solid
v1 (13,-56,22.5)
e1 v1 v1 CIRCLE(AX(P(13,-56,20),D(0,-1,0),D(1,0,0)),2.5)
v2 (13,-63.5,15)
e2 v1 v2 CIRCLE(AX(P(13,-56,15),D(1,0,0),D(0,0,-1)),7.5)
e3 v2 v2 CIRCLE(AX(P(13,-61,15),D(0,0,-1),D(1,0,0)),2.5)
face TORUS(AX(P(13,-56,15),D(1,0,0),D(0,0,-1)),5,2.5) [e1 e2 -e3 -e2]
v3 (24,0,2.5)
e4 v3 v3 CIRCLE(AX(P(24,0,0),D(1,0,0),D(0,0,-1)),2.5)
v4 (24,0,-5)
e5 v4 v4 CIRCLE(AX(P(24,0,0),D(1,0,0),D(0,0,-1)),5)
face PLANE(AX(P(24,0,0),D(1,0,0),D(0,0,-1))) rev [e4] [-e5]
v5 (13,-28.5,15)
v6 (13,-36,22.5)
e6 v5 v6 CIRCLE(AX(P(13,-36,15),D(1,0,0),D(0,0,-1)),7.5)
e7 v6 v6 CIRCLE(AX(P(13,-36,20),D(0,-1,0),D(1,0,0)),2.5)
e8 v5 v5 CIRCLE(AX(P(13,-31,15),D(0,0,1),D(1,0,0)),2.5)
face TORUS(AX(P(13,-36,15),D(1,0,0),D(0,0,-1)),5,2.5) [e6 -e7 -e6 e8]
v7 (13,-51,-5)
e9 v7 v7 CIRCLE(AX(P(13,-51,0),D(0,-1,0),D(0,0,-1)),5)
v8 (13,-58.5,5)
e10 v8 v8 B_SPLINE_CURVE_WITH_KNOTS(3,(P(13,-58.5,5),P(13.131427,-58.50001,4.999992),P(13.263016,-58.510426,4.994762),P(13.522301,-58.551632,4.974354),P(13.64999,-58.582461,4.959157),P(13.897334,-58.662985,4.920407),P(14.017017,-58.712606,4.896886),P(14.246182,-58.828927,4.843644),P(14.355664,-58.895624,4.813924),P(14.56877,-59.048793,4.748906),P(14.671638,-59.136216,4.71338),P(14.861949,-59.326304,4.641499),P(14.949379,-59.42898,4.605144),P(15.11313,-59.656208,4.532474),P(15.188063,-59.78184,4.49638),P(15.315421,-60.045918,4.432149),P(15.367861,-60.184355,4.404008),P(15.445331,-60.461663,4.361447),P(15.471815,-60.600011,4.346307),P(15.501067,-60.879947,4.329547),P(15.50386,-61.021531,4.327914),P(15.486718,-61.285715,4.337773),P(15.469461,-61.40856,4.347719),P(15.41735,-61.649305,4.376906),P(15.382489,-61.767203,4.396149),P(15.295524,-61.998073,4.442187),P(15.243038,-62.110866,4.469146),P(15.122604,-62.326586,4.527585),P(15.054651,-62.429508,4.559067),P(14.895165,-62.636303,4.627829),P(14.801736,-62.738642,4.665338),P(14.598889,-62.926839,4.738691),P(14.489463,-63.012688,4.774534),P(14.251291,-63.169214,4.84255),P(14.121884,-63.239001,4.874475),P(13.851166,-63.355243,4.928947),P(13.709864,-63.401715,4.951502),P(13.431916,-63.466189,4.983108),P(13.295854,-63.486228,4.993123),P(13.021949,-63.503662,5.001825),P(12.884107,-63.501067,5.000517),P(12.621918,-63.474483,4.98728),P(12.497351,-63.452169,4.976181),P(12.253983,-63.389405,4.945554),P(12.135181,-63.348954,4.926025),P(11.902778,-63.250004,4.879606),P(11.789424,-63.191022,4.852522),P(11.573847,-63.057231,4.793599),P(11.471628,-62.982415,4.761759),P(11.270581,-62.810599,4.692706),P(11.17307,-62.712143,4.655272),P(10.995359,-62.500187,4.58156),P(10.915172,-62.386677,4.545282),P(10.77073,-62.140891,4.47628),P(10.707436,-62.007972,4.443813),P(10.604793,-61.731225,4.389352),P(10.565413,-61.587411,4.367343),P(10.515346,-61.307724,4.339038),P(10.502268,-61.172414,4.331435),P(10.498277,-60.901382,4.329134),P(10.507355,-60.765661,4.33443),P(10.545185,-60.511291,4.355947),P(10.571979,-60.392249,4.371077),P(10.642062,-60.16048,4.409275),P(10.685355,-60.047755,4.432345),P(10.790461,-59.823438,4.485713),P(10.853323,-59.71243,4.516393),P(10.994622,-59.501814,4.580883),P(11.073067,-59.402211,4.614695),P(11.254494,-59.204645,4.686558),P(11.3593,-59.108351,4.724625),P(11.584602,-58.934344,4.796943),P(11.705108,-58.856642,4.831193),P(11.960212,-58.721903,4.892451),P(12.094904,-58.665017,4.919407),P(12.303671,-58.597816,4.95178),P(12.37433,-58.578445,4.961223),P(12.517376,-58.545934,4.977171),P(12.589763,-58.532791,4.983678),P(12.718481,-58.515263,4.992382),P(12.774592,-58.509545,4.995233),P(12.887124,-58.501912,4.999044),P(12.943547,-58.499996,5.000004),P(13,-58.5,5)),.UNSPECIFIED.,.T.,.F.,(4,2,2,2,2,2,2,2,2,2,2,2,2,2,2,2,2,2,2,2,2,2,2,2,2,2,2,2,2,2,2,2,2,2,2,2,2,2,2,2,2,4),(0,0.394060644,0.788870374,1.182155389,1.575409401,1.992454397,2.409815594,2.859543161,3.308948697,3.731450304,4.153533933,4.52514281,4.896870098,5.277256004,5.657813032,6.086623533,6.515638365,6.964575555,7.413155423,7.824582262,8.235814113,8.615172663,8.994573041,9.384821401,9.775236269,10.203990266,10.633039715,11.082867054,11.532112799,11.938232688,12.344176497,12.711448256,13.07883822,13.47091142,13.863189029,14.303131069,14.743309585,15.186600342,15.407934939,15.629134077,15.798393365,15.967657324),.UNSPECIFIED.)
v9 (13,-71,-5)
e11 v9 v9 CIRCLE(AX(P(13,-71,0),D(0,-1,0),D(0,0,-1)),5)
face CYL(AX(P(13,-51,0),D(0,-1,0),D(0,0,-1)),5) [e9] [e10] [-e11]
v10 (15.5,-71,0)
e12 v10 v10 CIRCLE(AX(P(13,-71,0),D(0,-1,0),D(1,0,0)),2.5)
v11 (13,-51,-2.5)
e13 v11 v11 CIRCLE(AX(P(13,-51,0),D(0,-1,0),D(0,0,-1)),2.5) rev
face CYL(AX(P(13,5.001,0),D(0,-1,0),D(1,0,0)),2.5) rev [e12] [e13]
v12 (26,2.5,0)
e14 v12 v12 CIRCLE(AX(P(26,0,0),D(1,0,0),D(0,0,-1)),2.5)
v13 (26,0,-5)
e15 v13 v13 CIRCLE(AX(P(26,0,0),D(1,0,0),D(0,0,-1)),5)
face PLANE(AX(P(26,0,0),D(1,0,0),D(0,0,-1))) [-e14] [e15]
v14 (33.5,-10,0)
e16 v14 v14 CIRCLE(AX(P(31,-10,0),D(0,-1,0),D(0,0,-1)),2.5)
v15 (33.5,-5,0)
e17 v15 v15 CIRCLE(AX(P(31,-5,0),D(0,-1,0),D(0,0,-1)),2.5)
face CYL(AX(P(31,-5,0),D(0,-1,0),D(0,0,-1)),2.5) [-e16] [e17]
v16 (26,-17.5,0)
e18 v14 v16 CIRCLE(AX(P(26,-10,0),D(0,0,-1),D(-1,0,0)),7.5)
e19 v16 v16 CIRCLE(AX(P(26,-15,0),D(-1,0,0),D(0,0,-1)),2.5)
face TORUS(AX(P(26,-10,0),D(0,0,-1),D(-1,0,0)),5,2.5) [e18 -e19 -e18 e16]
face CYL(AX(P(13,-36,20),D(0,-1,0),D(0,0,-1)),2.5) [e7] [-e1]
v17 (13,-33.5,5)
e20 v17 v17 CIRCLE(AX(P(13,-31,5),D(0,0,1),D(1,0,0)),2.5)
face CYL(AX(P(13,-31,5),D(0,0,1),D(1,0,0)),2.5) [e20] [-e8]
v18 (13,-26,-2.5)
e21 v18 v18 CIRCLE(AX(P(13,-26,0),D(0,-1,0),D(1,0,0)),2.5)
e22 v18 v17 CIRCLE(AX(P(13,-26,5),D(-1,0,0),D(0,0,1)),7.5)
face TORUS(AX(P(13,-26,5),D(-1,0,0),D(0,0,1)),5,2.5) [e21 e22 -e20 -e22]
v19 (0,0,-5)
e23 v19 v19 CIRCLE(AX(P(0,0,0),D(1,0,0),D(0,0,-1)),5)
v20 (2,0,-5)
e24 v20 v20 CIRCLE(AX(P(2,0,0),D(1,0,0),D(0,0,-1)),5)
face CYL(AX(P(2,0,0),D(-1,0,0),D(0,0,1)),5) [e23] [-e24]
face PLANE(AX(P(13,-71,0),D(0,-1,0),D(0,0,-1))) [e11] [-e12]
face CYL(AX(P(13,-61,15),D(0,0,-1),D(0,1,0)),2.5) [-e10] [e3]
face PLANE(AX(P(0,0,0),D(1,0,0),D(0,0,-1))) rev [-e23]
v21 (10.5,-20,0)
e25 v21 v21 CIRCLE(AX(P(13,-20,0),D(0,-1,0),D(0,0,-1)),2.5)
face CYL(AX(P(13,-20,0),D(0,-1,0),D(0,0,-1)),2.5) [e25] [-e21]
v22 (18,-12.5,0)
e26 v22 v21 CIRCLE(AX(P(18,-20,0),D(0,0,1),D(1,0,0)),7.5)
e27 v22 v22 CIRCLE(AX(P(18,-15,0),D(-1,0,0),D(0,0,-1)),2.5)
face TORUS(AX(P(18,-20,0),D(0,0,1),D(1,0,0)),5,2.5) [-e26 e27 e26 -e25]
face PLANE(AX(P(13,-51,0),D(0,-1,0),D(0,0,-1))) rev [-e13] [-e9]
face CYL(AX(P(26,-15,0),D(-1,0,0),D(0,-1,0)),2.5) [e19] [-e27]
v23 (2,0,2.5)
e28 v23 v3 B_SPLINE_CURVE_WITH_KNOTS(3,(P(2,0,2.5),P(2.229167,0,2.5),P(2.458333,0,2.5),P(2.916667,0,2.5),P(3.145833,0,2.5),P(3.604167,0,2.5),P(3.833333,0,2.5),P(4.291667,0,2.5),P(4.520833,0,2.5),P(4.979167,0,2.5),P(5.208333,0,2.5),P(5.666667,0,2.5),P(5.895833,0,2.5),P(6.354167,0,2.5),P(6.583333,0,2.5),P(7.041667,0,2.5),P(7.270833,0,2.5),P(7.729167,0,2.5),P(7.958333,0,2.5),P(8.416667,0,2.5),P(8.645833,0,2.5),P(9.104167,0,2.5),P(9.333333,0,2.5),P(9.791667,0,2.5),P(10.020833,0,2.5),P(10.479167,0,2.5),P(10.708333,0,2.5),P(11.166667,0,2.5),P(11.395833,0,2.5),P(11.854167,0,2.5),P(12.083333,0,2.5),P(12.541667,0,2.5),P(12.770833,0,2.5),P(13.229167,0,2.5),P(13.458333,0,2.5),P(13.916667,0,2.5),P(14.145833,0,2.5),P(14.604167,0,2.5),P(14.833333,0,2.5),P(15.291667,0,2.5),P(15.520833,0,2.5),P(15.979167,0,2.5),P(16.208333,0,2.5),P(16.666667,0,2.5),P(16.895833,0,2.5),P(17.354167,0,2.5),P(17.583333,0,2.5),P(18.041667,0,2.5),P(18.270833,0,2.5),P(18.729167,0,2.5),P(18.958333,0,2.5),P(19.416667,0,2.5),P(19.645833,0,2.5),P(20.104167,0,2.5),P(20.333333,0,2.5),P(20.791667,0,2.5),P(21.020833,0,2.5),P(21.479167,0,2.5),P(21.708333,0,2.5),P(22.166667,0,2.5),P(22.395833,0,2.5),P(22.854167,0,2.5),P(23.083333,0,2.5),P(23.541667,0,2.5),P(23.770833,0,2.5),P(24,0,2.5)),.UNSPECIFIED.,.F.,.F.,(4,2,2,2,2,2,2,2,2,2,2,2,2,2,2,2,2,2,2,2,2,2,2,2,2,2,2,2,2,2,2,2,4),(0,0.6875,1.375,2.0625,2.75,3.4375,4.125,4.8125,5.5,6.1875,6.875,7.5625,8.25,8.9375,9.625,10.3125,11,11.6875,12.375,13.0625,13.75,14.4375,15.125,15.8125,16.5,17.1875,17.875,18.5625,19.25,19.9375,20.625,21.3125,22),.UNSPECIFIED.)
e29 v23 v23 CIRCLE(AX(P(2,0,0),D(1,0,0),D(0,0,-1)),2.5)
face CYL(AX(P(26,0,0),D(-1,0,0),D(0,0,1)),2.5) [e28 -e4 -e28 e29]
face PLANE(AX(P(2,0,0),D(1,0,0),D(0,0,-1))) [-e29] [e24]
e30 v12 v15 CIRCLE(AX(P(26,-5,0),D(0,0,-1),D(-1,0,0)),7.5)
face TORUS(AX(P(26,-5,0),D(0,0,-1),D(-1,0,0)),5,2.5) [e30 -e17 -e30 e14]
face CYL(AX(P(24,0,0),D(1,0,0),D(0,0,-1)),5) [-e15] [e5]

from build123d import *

# Parameters (mm, degrees)
ESQUISSE2_R             = 2.5
ESQUISSE6_R             = 5
BOSS_EXTRU_2_DEPTH      = 2
BOSS_EXTRU_3_START      = -2
ESQUISSE7_R             = 5
BOSS_EXTRU_3_DEPTH      = 2
ESQUISSE9_R             = 2.5
BOSS_EXTRU_4_DEPTH      = 10
BOSS_EXTRU_4_DEPTH_BACK = 10
ESQUISSE10_R            = 5
ENL_V_MAT_EXTRU_1_REACH = 88.049
ESQUISSE11_R            = 2.5


with BuildPart() as part:
    # Balayage1: sweep along a path in Esquisse1
    with BuildLine(Plane.XY) as balayage1_path:
        Line((0, 0), (26, 0))
        ThreePointArc((26, 0), (29.535533906, -1.464466094), (31, -5))
        Line((31, -5), (31, -10))
        ThreePointArc((31, -10), (29.535533906, -13.535533906), (26, -15))
        Line((26, -15), (18, -15))
        ThreePointArc((18, -15), (14.464466094, -16.464466094), (13, -20))
        Line((13, -20), (13, -25))
    # Esquisse2 → Balayage1 (sweep)
    with BuildSketch(Plane(origin=(0, 0, 0), x_dir=(0, 0, -1), z_dir=(1, 0, 0))):
        Circle(ESQUISSE2_R)
    sweep(path=balayage1_path.line)

    # Esquisse6 → Boss.-Extru.2 (add)
    with BuildSketch(Plane(origin=(0, 0, 0), x_dir=(0, 0, -1), z_dir=(1, 0, 0))):
        Circle(ESQUISSE6_R)
    extrude(amount=BOSS_EXTRU_2_DEPTH)

    # Esquisse7 → Boss.-Extru.3 (add)
    with BuildSketch(Plane(origin=(26, 0, 0), x_dir=(0, 0, -1), z_dir=(1, 0, 0)).offset(BOSS_EXTRU_3_START)):
        Circle(ESQUISSE7_R)
    extrude(amount=BOSS_EXTRU_3_DEPTH)

    # Balayage2: sweep along a path in Esquisse8
    with BuildLine(Plane(origin=(13, 0, 0), x_dir=(0, 0, -1), z_dir=(1, 0, 0))) as balayage2_path:
        Line((0, -25), (0, -26))
        ThreePointArc((0, -26), (-1.464466094, -29.535533906), (-5, -31))
        Line((-5, -31), (-15, -31))
        ThreePointArc((-15, -31), (-18.535533906, -32.464466094), (-20, -36))
        Line((-20, -36), (-20, -56))
        ThreePointArc((-20, -56), (-18.535533906, -59.535533906), (-15, -61))
        Line((-15, -61), (0, -61))
    # Esquisse9 → Balayage2 (sweep)
    with BuildSketch(Plane(origin=(0, -25, 0), x_dir=(-1, 0, 0), z_dir=(0, -1, 0))):
        with Locations((-13, 0)):
            Circle(ESQUISSE9_R)
    sweep(path=balayage2_path.line)

    # Esquisse10 → Boss.-Extru.4 (add, two sides: drawn at the far end of the back side and taken through both)
    with BuildSketch(Plane(origin=(100.5, -61, 0), x_dir=(0, 0, -1), z_dir=(0, -1, 0)).offset(-BOSS_EXTRU_4_DEPTH_BACK)):
        with Locations((0, -87.5)):
            Circle(ESQUISSE10_R)
    extrude(amount=BOSS_EXTRU_4_DEPTH + BOSS_EXTRU_4_DEPTH_BACK)

    # Esquisse11 → Enlèv. mat.-Extru.1 (cut, up to next)
    with BuildSketch(Plane(origin=(0, -71, 0), x_dir=(0, 0, -1), z_dir=(0, -1, 0)), mode=Mode.PRIVATE) as enl_v_mat_extru_1_sk1:
        with Locations((0, 13)):
            Circle(ESQUISSE11_R)
    enl_v_mat_extru_1_tool1 = extrude(enl_v_mat_extru_1_sk1.sketch, amount=-ENL_V_MAT_EXTRU_1_REACH, mode=Mode.PRIVATE) & part.part
    add(enl_v_mat_extru_1_tool1.solids().sort_by_distance((13, -71, 0))[0], mode=Mode.SUBTRACT)


solid = part.part
